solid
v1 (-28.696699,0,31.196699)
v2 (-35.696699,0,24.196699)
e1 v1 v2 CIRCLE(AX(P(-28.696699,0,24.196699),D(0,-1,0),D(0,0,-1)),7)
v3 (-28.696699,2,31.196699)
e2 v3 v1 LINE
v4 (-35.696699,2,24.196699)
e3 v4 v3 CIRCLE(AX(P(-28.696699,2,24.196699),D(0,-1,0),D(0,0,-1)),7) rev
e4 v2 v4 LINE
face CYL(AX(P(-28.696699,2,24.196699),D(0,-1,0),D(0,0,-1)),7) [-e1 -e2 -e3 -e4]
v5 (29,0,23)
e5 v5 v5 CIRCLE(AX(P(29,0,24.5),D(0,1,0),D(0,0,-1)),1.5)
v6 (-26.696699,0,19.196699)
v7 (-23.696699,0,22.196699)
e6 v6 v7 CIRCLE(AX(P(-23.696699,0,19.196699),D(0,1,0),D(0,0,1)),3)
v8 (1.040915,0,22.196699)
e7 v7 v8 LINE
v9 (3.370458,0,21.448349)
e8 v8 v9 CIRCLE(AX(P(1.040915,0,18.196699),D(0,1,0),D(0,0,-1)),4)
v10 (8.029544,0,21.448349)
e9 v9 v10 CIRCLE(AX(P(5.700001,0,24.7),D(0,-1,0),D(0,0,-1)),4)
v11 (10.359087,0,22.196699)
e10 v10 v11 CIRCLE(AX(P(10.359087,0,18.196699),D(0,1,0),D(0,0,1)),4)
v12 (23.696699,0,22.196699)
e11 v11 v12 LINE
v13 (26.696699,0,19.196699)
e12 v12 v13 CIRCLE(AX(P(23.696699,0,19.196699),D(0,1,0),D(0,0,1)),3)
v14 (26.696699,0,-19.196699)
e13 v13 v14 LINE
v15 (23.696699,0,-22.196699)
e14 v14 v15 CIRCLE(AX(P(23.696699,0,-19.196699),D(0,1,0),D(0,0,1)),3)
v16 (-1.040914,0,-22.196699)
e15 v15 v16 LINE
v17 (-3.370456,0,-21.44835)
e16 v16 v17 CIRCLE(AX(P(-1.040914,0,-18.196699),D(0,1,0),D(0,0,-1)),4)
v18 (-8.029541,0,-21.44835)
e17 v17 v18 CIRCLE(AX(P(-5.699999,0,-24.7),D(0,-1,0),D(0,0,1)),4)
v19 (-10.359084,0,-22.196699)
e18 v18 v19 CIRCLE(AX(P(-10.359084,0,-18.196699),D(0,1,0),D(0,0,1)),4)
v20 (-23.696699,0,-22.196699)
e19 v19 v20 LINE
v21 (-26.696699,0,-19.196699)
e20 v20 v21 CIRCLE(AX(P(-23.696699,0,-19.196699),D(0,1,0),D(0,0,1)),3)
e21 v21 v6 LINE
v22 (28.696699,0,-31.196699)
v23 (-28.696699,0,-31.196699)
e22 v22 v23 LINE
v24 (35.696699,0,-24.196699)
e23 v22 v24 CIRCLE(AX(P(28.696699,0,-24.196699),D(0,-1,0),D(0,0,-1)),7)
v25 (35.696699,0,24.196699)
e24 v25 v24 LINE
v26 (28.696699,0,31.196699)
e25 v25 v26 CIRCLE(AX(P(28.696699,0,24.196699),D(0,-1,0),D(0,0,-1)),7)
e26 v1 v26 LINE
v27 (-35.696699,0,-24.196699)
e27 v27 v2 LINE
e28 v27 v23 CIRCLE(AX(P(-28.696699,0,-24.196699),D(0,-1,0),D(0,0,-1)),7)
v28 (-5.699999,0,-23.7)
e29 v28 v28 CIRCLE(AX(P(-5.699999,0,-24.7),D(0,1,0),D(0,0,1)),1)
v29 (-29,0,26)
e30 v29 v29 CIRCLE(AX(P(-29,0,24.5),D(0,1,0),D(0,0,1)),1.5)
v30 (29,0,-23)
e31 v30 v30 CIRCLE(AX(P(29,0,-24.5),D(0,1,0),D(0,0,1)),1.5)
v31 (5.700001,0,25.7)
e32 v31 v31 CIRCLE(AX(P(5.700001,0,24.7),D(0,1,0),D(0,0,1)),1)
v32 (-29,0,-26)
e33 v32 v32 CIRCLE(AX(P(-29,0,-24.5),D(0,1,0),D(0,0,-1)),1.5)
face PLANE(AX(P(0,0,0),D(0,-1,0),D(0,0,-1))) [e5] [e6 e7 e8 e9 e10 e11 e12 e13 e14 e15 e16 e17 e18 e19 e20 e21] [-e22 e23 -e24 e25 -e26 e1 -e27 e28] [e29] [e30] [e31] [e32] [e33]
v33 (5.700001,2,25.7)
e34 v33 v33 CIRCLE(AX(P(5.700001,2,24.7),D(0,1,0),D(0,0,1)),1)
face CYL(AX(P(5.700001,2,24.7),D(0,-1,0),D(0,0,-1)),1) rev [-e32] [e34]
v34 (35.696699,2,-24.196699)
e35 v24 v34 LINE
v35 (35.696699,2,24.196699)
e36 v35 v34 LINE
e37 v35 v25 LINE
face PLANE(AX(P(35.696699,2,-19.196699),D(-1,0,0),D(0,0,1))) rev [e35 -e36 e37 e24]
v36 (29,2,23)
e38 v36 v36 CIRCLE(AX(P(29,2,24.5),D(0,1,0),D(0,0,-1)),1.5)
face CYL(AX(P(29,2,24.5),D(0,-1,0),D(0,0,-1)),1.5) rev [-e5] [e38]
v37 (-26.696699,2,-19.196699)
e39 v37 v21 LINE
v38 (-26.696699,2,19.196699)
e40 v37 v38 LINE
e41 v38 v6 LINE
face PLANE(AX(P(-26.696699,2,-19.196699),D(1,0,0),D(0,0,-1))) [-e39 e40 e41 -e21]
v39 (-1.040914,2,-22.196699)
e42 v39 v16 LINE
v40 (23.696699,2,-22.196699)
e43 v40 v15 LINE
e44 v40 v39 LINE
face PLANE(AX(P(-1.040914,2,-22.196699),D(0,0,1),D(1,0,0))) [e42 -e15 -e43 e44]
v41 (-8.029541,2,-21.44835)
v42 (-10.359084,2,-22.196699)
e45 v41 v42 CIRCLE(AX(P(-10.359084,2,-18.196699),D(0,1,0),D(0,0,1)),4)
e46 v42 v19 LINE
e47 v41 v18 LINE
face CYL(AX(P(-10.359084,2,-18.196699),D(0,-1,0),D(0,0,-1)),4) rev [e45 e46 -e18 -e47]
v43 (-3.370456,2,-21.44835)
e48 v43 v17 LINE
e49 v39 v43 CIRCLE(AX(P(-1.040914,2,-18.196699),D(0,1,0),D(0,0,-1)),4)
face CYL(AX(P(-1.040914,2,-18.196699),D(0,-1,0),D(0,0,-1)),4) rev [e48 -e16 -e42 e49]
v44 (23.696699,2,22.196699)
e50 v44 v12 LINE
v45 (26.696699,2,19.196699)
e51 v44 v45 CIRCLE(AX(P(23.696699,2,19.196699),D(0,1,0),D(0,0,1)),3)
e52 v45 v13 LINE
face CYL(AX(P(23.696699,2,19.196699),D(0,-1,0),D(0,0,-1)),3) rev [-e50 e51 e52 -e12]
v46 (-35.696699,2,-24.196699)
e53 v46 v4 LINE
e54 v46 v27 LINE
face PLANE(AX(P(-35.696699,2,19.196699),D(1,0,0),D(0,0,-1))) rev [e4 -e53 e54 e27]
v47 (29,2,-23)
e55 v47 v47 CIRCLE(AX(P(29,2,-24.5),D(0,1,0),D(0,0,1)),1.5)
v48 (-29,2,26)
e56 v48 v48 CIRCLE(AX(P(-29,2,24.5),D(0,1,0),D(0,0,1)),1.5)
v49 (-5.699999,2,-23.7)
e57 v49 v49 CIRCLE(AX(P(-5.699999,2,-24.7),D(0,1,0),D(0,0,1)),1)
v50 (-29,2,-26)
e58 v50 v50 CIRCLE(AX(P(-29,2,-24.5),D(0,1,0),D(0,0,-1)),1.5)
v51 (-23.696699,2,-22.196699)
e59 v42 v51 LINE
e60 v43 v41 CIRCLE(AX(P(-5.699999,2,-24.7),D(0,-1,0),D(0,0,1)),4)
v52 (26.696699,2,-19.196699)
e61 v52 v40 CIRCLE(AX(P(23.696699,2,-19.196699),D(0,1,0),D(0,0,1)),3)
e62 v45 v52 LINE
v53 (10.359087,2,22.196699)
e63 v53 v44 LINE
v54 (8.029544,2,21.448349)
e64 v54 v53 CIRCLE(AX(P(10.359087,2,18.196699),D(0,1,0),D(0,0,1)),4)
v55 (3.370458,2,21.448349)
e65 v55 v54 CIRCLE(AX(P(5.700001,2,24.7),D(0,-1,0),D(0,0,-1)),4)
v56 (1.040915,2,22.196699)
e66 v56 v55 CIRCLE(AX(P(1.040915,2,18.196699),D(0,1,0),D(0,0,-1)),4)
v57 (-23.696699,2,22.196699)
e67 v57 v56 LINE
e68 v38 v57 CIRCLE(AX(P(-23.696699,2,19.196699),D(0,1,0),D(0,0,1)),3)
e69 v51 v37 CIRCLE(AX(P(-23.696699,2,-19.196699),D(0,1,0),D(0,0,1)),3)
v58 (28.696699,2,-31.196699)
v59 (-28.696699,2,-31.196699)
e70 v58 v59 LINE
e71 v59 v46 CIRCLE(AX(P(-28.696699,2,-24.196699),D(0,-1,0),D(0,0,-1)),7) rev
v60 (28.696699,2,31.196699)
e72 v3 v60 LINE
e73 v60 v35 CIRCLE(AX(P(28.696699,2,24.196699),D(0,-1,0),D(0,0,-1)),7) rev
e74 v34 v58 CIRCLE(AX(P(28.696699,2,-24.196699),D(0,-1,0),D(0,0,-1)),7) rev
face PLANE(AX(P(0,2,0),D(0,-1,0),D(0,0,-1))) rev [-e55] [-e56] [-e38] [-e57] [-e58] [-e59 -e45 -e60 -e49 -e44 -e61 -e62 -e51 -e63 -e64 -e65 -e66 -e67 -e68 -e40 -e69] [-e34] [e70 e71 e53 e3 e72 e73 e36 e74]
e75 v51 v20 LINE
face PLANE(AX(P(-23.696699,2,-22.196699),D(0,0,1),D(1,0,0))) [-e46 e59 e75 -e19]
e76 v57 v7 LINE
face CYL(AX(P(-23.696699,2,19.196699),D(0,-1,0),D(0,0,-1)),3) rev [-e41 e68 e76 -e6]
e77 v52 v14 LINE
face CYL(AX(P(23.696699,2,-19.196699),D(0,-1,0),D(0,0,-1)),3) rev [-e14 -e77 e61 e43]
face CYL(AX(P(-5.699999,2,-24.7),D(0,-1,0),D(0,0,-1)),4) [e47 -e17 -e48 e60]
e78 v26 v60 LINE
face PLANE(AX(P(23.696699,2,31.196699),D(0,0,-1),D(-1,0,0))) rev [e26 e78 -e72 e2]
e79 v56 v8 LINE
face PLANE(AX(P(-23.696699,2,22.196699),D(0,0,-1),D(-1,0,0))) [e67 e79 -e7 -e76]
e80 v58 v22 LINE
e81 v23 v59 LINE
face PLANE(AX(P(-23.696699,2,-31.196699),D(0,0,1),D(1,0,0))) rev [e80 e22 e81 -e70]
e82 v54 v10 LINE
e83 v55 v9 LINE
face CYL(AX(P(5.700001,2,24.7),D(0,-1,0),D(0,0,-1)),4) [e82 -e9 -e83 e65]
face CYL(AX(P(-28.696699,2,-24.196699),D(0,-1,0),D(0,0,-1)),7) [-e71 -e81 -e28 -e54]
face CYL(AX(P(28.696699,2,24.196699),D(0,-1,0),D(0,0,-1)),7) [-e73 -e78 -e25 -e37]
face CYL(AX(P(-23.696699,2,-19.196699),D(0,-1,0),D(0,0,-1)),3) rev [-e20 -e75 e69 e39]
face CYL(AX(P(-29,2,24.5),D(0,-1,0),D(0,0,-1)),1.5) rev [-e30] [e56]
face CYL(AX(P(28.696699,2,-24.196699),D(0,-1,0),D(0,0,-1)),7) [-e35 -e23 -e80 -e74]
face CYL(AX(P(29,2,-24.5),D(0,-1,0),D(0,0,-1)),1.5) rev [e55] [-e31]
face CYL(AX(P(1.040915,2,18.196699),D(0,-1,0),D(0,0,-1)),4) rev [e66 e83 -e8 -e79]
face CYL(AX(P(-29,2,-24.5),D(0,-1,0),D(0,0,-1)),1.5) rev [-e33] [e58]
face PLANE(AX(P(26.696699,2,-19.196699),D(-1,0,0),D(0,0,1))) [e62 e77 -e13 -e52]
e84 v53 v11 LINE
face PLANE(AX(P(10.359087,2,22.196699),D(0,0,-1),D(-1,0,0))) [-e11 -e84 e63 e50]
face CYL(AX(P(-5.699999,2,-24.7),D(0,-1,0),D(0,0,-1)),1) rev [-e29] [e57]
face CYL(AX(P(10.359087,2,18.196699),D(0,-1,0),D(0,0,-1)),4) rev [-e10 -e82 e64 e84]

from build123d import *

# Parameters (mm, degrees)
SKETCH_2_R      = 1.5
SKETCH_2_R_2    = 1
EXTRUDE_1_DEPTH = 2
FILLET_1_R      = 7


with BuildPart() as part:
    # 草圖2 → 填料-伸長1 (new body)
    with BuildSketch(Plane(origin=(0, 0, 0), x_dir=(-1, 0, 0), z_dir=(0, 1, 0))):
        Polygon((23.696699141, -31.196699141), (-23.696699141, -31.196699141), (-35.696699141, -31.196699141), (-35.696699141, -19.196699141), (-35.696699141, 19.196699141), (-35.696699141, 31.196699141), (-23.696699141, 31.196699141), (23.696699141, 31.196699141), (35.696699141, 31.196699141), (35.696699141, 19.196699141), (35.696699141, -19.196699141), (35.696699141, -31.196699141), align=None)
        with Locations((29, 24.5)):
            Circle(SKETCH_2_R, mode=Mode.SUBTRACT)
        with Locations((29, -24.5)):
            Circle(SKETCH_2_R, mode=Mode.SUBTRACT)
        with Locations((-29, 24.5)):
            Circle(SKETCH_2_R, mode=Mode.SUBTRACT)
        with Locations((-29, -24.5)):
            Circle(SKETCH_2_R, mode=Mode.SUBTRACT)
        with Locations((5.699998849, -24.700000266)):
            Circle(SKETCH_2_R_2, mode=Mode.SUBTRACT)
        with Locations((-5.700001151, 24.699999734)):
            Circle(SKETCH_2_R_2, mode=Mode.SUBTRACT)
        with BuildLine():
            Line((23.696699141, -22.196699141), (10.359084004, -22.196699141))
            ThreePointArc((10.359084004, -22.196699141), (9.135687554, -22.005019128), (8.029541427, -21.448349703))
            ThreePointArc((8.029541427, -21.448349703), (5.699998849, -20.700000266), (3.370456271, -21.448349703))
            ThreePointArc((3.370456271, -21.448349703), (2.264310144, -22.005019128), (1.040913694, -22.196699141))
            Line((1.040913694, -22.196699141), (-23.696699141, -22.196699141))
            ThreePointArc((-23.696699141, -22.196699141), (-25.818019485, -21.318019485), (-26.696699141, -19.196699141))
            Line((-26.696699141, -19.196699141), (-26.696699141, 19.196699141))
            ThreePointArc((-26.696699141, 19.196699141), (-25.818019485, 21.318019485), (-23.696699141, 22.196699141))
            Line((-23.696699141, 22.196699141), (-10.359087048, 22.196699141))
            ThreePointArc((-10.359087048, 22.196699141), (-9.13569038, 22.005019059), (-8.029544099, 21.448349438))
            ThreePointArc((-8.029544099, 21.448349438), (-5.700001151, 20.699999734), (-3.370458203, 21.448349438))
            ThreePointArc((-3.370458203, 21.448349438), (-2.264311922, 22.005019059), (-1.040915254, 22.196699141))
            Line((-1.040915254, 22.196699141), (23.696699141, 22.196699141))
            ThreePointArc((23.696699141, 22.196699141), (25.818019485, 21.318019485), (26.696699141, 19.196699141))
            Line((26.696699141, 19.196699141), (26.696699141, -19.196699141))
            ThreePointArc((26.696699141, -19.196699141), (25.818019485, -21.318019485), (23.696699141, -22.196699141))
        make_face(mode=Mode.SUBTRACT)
    extrude(amount=EXTRUDE_1_DEPTH)

    # 圓角1
    fillet_1_edges = [part.edges().sort_by_distance(p)[0] for p in [
        (35.696699141, 1, -31.196699141),
        (35.696699141, 1, 31.196699141),
        (-35.696699141, 1, 31.196699141),
        (-35.696699141, 1, -31.196699141),
    ]]
    fillet(fillet_1_edges, radius=FILLET_1_R)


solid = part.part
